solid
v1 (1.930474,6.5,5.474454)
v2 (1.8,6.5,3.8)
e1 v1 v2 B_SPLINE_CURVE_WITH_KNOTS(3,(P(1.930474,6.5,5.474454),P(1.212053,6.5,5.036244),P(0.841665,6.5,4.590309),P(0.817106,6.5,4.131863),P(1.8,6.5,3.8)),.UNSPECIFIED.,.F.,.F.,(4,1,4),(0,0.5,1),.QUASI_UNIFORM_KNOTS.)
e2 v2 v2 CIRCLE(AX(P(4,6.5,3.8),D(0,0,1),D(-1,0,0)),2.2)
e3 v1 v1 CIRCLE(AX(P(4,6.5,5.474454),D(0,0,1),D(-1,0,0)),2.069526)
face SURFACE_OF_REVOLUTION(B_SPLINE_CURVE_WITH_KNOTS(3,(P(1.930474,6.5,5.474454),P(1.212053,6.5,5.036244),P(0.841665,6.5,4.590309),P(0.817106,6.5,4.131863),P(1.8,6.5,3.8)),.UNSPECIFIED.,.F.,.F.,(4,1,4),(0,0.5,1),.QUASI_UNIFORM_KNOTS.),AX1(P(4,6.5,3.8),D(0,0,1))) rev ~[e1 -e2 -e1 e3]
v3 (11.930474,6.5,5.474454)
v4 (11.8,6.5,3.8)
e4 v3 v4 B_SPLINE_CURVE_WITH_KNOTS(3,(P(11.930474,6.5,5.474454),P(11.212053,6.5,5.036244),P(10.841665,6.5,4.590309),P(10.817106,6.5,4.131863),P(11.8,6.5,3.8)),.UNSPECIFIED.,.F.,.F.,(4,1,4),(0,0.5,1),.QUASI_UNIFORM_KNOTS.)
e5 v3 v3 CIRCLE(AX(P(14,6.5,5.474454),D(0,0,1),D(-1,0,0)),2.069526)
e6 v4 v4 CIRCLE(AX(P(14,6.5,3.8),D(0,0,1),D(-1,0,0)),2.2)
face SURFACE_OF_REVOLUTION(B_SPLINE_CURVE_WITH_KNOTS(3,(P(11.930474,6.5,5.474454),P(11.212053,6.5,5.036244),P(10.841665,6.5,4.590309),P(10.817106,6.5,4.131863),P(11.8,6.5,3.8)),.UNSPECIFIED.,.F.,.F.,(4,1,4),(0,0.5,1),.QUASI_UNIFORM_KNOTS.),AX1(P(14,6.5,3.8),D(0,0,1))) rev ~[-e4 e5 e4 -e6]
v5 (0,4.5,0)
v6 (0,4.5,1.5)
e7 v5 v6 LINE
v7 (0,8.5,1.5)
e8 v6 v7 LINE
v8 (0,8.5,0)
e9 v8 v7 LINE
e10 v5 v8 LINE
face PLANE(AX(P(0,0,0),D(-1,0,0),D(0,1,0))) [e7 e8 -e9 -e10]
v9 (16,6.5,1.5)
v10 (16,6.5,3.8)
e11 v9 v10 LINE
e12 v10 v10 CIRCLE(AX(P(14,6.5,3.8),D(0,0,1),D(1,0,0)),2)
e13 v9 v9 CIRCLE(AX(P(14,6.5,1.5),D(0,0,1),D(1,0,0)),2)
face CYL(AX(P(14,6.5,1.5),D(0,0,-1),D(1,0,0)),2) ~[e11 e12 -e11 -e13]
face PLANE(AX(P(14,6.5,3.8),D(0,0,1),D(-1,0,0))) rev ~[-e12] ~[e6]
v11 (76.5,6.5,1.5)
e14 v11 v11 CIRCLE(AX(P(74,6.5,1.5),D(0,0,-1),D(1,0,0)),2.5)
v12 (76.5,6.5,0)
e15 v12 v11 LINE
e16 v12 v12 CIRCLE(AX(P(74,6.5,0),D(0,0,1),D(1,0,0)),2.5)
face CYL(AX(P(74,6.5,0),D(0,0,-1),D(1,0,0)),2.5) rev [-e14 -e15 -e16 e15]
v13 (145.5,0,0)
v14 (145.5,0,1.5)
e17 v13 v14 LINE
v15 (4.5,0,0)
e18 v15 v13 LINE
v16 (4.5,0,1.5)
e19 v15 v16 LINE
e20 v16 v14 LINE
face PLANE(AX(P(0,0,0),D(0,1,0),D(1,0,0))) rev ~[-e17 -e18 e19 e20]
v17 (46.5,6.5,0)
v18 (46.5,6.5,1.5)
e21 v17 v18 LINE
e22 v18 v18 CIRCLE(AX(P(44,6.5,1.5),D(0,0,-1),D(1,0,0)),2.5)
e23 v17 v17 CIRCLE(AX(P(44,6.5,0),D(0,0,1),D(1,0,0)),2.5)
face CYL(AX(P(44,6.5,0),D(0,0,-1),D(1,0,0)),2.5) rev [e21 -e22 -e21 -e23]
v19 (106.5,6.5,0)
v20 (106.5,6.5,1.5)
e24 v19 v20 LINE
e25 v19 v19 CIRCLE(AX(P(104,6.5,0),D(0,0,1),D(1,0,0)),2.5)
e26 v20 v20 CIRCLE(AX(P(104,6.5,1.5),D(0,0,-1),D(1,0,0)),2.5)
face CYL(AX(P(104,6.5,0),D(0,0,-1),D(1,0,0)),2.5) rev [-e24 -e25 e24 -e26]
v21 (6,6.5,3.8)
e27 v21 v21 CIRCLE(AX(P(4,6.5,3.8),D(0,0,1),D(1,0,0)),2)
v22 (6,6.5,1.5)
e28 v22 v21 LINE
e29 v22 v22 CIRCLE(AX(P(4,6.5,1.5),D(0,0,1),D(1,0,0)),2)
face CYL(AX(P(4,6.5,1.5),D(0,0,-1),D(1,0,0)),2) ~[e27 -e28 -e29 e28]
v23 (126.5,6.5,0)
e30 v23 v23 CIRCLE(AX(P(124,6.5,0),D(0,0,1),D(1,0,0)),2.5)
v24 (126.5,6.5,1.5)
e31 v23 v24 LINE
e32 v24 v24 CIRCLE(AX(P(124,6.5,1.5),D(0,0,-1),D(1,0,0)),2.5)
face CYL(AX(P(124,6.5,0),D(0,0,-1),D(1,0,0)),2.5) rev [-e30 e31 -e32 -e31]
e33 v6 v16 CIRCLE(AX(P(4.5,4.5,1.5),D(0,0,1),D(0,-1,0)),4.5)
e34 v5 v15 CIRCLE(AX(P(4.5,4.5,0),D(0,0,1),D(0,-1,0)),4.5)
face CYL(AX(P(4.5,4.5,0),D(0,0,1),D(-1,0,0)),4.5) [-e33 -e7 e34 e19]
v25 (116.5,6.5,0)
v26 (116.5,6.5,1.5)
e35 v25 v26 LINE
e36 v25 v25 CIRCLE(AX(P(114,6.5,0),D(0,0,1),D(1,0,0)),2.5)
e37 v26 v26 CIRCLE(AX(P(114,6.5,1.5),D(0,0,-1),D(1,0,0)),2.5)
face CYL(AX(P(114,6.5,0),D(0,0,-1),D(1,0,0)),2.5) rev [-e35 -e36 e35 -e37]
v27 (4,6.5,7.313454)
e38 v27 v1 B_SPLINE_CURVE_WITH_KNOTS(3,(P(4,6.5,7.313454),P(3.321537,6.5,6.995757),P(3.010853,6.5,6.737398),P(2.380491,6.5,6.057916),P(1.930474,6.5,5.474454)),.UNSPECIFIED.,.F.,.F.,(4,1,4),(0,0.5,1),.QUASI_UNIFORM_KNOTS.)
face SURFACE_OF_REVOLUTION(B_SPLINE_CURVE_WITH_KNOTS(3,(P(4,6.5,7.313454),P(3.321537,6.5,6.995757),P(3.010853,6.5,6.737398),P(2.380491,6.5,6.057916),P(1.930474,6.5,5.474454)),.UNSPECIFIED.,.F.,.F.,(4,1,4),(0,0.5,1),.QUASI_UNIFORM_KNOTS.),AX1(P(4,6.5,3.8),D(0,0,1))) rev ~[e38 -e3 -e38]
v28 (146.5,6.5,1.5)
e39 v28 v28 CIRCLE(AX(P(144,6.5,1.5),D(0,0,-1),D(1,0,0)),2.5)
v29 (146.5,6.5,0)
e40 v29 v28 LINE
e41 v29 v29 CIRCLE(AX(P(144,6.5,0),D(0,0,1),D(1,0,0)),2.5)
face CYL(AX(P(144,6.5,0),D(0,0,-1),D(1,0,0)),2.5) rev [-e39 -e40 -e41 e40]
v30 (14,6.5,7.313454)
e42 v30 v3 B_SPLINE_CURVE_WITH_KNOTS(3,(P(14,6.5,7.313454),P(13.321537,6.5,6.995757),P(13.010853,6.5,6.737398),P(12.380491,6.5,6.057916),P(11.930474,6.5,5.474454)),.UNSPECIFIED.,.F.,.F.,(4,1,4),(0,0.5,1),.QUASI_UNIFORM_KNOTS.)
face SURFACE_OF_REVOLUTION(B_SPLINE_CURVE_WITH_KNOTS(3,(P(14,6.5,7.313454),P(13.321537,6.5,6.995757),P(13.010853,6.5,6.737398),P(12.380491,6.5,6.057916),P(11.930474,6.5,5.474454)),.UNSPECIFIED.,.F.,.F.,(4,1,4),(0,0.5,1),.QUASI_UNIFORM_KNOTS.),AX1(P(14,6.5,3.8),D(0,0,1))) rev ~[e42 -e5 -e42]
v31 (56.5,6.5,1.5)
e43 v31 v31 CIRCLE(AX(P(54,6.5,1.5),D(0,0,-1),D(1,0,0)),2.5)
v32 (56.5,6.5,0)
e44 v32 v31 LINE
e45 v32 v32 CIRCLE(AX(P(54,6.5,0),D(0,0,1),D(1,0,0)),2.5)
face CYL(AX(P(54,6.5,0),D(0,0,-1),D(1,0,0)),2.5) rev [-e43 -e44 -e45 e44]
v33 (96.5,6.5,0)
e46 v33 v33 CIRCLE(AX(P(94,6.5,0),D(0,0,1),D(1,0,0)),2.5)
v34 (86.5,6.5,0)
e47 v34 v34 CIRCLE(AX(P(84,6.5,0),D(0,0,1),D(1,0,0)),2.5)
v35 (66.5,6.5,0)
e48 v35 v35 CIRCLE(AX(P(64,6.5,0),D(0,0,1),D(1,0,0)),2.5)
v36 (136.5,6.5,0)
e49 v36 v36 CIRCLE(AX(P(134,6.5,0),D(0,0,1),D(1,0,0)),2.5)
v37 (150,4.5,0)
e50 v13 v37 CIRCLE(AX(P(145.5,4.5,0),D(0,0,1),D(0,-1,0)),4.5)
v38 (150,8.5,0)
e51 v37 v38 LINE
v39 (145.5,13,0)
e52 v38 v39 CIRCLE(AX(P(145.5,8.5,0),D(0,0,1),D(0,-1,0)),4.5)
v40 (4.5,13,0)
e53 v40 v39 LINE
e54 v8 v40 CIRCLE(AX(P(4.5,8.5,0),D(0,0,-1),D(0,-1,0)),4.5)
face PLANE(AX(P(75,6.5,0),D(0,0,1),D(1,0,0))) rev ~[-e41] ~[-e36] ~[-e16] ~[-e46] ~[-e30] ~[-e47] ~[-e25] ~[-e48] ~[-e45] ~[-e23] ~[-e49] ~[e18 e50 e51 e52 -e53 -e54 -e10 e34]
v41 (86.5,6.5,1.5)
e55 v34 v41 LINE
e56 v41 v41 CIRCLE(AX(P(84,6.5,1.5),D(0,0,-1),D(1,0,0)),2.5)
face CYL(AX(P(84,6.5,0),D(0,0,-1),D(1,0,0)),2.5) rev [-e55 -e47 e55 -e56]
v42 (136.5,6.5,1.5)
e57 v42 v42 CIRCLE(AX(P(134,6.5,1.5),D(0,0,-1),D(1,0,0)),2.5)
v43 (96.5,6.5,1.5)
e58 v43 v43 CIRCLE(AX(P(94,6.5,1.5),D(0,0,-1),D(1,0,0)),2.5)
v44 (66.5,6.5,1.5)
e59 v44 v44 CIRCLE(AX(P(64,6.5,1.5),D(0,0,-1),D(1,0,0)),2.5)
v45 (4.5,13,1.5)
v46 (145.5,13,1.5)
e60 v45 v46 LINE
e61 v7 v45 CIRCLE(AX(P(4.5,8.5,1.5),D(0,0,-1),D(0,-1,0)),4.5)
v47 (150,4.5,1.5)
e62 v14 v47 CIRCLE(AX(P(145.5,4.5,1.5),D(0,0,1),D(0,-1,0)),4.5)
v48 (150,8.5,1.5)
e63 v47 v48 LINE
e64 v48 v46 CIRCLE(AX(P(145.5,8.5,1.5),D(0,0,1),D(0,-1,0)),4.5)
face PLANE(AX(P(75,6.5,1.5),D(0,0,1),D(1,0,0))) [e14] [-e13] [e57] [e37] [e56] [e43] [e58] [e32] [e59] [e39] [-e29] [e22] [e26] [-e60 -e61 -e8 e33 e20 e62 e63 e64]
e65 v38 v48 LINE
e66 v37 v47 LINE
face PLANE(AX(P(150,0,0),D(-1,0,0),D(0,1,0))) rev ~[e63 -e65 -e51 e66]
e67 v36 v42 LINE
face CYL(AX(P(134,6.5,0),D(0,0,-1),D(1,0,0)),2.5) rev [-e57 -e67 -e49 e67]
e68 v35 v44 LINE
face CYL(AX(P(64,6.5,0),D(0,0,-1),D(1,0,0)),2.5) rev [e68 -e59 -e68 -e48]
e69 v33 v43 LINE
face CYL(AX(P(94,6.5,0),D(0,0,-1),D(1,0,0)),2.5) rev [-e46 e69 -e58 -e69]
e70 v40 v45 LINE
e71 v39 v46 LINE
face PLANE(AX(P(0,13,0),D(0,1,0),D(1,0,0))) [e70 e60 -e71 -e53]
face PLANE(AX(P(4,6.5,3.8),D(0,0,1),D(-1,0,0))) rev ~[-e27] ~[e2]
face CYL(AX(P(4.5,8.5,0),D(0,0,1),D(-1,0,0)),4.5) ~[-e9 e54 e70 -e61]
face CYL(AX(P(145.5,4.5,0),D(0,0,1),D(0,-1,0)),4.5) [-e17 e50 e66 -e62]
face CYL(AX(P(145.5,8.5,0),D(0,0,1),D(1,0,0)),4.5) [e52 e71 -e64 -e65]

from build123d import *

# Parameters (mm, degrees)
CYLINDER004_R     = 2
CYLINDER004_DEPTH = 2.3
ARRAY_X_COUNT     = 2
ARRAY_X_PITCH     = 10
CYLINDER003_R     = 2.5
CYLINDER003_DEPTH = 10
ARRAY001_X_COUNT  = 11
ARRAY001_X_PITCH  = 10
BOX001_W          = 150
BOX001_H          = 13
BOX001_DEPTH      = 1.5
FILLET001_R       = 4.5


with BuildPart() as button_clone:
    # Sketch → Revolve (revolve)
    with BuildSketch(Plane.XZ):
        with BuildLine():
            Line((-2.2, 0), (0, 0))
            Line((0, 0), (0, 3.513454))
            add(Edge.make_bspline(
                [(0, 3.513454), (-0.678463, 3.195757), (-0.989147, 2.937398), (-1.619509, 2.257916), (-2.069526, 1.674454)],
                knots=[0, 0, 0, 0, 0.5, 1, 1, 1, 1], degree=3))
            add(Edge.make_bspline(
                [(-2.069526, 1.674454), (-2.787947, 1.236244), (-3.158335, 0.790309), (-3.182894, 0.331863), (-2.2, 0)],
                knots=[0, 0, 0, 0, 0.5, 1, 1, 1, 1], degree=3))
        make_face()
    revolve(axis=Axis((0, 0, 0), (0, 0, 1)))


with BuildPart() as button_clone_1:
    # Body001 placement: moved
    add(button_clone.part.moved(Location((0, 0, 2.3))))


with BuildPart() as button_array:
    # Cylinder004 → Cylinder004 (new body)
    with BuildSketch(Plane.XY):
        Circle(CYLINDER004_R)
    extrude(amount=CYLINDER004_DEPTH)

    # Fusion002: union button clone
    add(button_clone_1.part)

    # Array X: button_array ×2


with BuildPart() as button_array_1:
    add(button_array.part)
    with Locations(*[(i * ARRAY_X_PITCH, 0, 0) for i in range(1, ARRAY_X_COUNT)]):
        add(button_array.part)


with BuildPart() as button_array_2:
    # Array placement: moved
    add(button_array_1.part.moved(Location((4, 6.5, 1.5))))


with BuildPart() as button_hole_array:
    # Cylinder003 → Cylinder003 (new body)
    with BuildSketch(Plane.XY):
        Circle(CYLINDER003_R)
    extrude(amount=CYLINDER003_DEPTH)

    # Array001 X: button hole array ×11


with BuildPart() as button_hole_array_1:
    add(button_hole_array.part)
    with Locations(*[(i * ARRAY001_X_PITCH, 0, 0) for i in range(1, ARRAY001_X_COUNT)]):
        add(button_hole_array.part)


with BuildPart() as button_hole_array_2:
    # Array001 placement: moved
    add(button_hole_array_1.part.moved(Location((44, 6.5, 0))))


with BuildPart() as strap_union:
    # Box001 → Box001 (new body)
    with BuildSketch(Plane.XY):
        with Locations((75, 6.5)):
            Rectangle(BOX001_W, BOX001_H)
    extrude(amount=BOX001_DEPTH)

    # Fillet001
    fillet001_edges = [strap_union.edges().sort_by_distance(p)[0] for p in [
        (0, 0, 0.75),
        (0, 13, 0.75),
        (150, 0, 0.75),
        (150, 13, 0.75),
    ]]
    fillet(fillet001_edges, radius=FILLET001_R)

    # Cut002: cut button hole array
    add(button_hole_array_2.part, mode=Mode.SUBTRACT)

    # Fusion001: union button_array
    add(button_array_2.part)


solid = strap_union.part
